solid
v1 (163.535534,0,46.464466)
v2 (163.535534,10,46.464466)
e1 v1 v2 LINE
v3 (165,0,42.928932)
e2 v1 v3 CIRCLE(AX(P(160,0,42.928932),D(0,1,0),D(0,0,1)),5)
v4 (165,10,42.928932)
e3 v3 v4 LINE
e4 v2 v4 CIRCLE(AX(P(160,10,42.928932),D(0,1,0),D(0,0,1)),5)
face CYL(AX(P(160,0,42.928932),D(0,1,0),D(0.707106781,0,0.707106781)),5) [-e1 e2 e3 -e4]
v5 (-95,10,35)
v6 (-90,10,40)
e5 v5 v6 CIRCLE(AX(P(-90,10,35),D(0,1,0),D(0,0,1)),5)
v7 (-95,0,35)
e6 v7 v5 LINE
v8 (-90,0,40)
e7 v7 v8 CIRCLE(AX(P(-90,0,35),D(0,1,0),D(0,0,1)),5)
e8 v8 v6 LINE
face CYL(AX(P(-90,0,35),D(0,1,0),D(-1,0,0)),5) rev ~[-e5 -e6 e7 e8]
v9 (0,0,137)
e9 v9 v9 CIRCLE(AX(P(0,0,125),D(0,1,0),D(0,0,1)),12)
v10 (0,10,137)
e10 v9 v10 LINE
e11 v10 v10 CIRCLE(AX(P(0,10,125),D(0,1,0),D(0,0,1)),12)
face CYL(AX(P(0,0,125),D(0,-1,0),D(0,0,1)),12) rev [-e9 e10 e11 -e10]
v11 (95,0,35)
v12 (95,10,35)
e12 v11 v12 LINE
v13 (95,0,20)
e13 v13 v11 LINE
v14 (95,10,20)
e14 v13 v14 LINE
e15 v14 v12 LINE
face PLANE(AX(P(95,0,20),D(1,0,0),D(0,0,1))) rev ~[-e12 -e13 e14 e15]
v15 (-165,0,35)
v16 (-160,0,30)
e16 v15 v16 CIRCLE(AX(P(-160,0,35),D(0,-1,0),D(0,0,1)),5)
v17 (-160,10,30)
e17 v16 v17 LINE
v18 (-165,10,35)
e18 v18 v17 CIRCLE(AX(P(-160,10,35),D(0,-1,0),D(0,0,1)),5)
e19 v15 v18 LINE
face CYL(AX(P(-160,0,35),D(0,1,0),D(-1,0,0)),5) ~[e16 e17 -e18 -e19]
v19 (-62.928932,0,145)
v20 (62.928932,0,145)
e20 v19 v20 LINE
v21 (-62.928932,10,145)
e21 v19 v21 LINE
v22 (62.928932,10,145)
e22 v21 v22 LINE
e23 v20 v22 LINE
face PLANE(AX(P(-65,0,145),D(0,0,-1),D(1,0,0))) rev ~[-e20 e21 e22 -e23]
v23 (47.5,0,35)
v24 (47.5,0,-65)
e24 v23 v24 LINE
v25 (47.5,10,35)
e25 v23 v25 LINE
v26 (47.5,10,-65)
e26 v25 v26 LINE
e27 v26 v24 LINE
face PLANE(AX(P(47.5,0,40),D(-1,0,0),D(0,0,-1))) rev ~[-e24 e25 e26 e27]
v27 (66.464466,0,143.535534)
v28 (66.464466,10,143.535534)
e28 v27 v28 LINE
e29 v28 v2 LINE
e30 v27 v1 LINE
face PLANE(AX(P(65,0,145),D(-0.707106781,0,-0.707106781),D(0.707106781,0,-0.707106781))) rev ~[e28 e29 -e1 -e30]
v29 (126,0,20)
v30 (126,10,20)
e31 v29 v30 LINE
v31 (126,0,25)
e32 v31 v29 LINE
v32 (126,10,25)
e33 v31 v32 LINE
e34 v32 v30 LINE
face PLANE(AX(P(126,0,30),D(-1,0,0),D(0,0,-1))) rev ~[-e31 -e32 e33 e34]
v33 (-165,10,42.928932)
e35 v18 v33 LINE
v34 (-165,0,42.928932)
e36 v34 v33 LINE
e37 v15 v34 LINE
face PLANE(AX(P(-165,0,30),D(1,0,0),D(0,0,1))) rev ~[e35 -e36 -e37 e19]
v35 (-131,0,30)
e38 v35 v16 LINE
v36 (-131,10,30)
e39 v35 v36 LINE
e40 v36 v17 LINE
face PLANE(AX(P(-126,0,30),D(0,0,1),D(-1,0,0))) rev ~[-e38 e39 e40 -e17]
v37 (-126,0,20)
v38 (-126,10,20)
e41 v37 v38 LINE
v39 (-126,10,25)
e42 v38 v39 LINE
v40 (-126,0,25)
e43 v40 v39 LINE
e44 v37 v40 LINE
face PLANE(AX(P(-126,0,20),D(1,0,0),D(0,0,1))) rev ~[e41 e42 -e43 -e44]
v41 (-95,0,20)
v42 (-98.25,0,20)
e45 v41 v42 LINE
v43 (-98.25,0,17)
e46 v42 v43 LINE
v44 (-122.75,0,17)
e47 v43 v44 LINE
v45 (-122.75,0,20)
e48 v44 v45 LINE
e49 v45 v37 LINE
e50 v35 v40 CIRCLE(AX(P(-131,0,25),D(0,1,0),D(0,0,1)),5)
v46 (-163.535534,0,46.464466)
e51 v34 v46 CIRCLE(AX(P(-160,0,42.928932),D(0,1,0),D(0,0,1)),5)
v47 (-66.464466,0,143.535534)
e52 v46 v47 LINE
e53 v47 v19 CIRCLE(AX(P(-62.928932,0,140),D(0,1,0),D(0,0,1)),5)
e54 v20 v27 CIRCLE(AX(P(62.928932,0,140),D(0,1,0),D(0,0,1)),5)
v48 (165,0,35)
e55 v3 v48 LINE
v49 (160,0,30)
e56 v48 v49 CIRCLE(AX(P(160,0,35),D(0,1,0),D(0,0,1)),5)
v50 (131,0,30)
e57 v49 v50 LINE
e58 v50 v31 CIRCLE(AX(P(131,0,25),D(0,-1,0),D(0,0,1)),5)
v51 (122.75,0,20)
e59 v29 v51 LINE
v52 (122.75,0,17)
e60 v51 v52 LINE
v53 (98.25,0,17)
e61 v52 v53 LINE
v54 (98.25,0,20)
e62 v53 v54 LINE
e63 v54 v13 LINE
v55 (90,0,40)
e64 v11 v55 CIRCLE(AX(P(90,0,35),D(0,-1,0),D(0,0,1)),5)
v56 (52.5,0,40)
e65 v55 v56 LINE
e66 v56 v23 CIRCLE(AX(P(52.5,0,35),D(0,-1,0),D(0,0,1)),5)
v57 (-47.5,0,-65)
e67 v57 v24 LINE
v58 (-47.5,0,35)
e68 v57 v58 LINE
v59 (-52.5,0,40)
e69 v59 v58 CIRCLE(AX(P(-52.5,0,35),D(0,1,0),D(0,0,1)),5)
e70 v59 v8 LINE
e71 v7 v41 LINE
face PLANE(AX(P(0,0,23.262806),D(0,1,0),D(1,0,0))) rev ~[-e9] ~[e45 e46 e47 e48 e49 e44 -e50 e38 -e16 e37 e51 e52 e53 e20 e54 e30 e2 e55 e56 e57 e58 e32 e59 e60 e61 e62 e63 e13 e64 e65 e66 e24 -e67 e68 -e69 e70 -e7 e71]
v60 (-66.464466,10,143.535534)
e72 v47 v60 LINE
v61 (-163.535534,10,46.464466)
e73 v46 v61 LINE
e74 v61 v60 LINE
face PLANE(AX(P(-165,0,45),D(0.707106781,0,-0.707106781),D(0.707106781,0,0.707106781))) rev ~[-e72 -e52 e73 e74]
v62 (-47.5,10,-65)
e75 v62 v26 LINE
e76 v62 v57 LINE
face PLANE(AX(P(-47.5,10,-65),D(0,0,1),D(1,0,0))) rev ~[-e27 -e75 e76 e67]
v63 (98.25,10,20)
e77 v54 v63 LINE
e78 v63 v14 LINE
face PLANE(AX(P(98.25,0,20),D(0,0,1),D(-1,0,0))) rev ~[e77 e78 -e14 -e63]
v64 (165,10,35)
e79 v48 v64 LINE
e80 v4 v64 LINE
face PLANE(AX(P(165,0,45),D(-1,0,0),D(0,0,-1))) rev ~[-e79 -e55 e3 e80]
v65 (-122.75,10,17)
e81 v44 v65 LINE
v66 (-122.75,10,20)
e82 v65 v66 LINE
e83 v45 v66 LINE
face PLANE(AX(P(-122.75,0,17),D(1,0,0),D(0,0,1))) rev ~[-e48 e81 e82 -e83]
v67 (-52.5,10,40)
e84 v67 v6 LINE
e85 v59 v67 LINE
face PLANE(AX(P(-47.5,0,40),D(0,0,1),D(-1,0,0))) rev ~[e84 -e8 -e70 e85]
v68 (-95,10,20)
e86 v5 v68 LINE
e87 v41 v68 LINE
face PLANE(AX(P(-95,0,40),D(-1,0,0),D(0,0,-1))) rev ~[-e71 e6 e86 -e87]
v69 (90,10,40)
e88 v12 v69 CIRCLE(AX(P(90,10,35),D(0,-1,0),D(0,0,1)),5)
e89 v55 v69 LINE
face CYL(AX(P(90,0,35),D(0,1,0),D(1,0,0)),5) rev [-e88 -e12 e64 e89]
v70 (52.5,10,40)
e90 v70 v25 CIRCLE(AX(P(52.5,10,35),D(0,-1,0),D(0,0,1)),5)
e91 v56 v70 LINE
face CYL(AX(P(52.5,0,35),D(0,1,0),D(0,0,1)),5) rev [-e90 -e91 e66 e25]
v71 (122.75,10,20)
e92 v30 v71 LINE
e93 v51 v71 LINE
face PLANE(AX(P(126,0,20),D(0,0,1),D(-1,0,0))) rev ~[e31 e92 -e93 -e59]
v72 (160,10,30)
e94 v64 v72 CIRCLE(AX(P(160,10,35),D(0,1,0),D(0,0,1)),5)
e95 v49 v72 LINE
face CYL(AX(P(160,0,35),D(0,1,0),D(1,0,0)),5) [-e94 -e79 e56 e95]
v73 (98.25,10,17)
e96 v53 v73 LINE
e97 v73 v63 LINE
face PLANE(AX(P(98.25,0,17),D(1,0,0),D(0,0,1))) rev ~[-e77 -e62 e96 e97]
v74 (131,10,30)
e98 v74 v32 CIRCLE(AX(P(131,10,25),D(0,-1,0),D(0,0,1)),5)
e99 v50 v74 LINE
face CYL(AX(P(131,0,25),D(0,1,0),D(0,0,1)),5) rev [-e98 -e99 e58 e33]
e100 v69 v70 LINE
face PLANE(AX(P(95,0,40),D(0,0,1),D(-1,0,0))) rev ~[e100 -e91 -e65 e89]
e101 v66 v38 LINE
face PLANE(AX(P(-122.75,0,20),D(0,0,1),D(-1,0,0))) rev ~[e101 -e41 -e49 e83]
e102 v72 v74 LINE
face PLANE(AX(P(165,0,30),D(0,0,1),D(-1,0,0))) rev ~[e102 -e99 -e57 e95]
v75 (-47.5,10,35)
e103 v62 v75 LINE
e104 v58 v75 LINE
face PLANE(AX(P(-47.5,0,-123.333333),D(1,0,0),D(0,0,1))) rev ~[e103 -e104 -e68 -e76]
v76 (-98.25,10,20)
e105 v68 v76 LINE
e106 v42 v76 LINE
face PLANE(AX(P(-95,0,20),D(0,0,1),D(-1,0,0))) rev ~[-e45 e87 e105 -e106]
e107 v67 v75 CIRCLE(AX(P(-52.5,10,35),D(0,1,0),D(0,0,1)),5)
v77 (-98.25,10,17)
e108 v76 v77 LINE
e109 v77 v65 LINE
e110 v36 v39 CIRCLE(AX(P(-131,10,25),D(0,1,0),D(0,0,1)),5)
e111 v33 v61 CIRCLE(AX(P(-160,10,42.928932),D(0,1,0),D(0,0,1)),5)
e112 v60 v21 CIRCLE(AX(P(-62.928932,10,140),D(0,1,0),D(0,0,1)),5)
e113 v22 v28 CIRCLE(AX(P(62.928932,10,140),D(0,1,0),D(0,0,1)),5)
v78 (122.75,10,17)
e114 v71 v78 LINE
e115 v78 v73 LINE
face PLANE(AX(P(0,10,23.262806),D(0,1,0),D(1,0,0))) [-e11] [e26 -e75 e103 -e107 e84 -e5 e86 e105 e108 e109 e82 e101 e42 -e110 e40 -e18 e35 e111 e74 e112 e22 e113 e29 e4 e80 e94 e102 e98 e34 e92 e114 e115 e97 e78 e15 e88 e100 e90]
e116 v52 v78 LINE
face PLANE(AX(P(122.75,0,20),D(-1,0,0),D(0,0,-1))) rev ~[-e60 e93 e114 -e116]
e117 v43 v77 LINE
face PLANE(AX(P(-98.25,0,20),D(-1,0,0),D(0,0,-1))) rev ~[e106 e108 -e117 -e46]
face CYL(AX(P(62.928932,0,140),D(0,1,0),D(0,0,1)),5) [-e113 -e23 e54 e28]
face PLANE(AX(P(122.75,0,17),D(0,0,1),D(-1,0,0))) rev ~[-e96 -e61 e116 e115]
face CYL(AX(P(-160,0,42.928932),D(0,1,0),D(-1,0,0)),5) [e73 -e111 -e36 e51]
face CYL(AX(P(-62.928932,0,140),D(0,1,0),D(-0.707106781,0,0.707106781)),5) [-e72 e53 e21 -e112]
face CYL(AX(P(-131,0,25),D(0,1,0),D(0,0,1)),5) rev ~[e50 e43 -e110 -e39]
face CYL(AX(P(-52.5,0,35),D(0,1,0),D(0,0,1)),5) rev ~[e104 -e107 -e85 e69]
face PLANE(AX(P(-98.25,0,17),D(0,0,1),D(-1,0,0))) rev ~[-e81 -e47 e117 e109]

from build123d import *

# Parameters (mm, degrees)
SKETCH1_R               = 12
EXTRUDE1_DEPTH          = 10
FILLET1_R               = 5
ESQUISSE1_W             = 95
ESQUISSE1_H             = 80
ENL_V_MAT_EXTRU_1_DEPTH = 220.886334273


with BuildPart() as part:
    # Sketch1 → Extrude1 (new body)
    with BuildSketch(Plane(origin=(0, 0, 0), x_dir=(1, 0, 0), z_dir=(0, 1, 0))):
        Polygon((-165, -30), (-165, -45), (-65, -145), (65, -145), (165, -45), (165, -30), (126, -30), (126, -20), (122.75, -20), (122.75, -17), (98.25, -17), (98.25, -20), (95, -20), (95, -40), (47.5, -40), (47.5, 123.333333333), (15, 145), (-15, 145), (-47.5, 123.333333333), (-47.5, -40), (-95, -40), (-95, -20), (-98.25, -20), (-98.25, -17), (-122.75, -17), (-122.75, -20), (-126, -20), (-126, -30), align=None)
        with Locations(Location((0, 113, 0), (0, 0, 270))):
            Circle(SKETCH1_R, mode=Mode.SUBTRACT)
        with Locations(Location((0, -125, 0), (0, 0, 270))):
            Circle(SKETCH1_R, mode=Mode.SUBTRACT)
    extrude(amount=EXTRUDE1_DEPTH)

    # Fillet1
    fillet1_edges = [part.edges().sort_by_distance(p)[0] for p in [
        (-126, 5, 30),
        (-95, 5, 40),
        (-47.5, 5, 40),
        (-47.5, 5, -123.333333333),
        (-15, 5, -145),
        (15, 5, -145),
        (47.5, 5, -123.333333333),
        (47.5, 5, 40),
        (95, 5, 40),
        (126, 5, 30),
        (165, 5, 30),
        (165, 5, 45),
        (65, 5, 145),
        (-65, 5, 145),
        (-165, 5, 45),
        (-165, 5, 30),
    ]]
    fillet(fillet1_edges, radius=FILLET1_R)

    # Esquisse1 → Enlèv. mat.-Extru.1 (cut, through all)
    with BuildSketch(Plane(origin=(0, 10, 0), x_dir=(1, 0, 0), z_dir=(0, 1, 0))):
        with Locations((0, 105)):
            Rectangle(ESQUISSE1_W, ESQUISSE1_H)
    extrude(amount=-ENL_V_MAT_EXTRU_1_DEPTH, mode=Mode.SUBTRACT)


solid = part.part
